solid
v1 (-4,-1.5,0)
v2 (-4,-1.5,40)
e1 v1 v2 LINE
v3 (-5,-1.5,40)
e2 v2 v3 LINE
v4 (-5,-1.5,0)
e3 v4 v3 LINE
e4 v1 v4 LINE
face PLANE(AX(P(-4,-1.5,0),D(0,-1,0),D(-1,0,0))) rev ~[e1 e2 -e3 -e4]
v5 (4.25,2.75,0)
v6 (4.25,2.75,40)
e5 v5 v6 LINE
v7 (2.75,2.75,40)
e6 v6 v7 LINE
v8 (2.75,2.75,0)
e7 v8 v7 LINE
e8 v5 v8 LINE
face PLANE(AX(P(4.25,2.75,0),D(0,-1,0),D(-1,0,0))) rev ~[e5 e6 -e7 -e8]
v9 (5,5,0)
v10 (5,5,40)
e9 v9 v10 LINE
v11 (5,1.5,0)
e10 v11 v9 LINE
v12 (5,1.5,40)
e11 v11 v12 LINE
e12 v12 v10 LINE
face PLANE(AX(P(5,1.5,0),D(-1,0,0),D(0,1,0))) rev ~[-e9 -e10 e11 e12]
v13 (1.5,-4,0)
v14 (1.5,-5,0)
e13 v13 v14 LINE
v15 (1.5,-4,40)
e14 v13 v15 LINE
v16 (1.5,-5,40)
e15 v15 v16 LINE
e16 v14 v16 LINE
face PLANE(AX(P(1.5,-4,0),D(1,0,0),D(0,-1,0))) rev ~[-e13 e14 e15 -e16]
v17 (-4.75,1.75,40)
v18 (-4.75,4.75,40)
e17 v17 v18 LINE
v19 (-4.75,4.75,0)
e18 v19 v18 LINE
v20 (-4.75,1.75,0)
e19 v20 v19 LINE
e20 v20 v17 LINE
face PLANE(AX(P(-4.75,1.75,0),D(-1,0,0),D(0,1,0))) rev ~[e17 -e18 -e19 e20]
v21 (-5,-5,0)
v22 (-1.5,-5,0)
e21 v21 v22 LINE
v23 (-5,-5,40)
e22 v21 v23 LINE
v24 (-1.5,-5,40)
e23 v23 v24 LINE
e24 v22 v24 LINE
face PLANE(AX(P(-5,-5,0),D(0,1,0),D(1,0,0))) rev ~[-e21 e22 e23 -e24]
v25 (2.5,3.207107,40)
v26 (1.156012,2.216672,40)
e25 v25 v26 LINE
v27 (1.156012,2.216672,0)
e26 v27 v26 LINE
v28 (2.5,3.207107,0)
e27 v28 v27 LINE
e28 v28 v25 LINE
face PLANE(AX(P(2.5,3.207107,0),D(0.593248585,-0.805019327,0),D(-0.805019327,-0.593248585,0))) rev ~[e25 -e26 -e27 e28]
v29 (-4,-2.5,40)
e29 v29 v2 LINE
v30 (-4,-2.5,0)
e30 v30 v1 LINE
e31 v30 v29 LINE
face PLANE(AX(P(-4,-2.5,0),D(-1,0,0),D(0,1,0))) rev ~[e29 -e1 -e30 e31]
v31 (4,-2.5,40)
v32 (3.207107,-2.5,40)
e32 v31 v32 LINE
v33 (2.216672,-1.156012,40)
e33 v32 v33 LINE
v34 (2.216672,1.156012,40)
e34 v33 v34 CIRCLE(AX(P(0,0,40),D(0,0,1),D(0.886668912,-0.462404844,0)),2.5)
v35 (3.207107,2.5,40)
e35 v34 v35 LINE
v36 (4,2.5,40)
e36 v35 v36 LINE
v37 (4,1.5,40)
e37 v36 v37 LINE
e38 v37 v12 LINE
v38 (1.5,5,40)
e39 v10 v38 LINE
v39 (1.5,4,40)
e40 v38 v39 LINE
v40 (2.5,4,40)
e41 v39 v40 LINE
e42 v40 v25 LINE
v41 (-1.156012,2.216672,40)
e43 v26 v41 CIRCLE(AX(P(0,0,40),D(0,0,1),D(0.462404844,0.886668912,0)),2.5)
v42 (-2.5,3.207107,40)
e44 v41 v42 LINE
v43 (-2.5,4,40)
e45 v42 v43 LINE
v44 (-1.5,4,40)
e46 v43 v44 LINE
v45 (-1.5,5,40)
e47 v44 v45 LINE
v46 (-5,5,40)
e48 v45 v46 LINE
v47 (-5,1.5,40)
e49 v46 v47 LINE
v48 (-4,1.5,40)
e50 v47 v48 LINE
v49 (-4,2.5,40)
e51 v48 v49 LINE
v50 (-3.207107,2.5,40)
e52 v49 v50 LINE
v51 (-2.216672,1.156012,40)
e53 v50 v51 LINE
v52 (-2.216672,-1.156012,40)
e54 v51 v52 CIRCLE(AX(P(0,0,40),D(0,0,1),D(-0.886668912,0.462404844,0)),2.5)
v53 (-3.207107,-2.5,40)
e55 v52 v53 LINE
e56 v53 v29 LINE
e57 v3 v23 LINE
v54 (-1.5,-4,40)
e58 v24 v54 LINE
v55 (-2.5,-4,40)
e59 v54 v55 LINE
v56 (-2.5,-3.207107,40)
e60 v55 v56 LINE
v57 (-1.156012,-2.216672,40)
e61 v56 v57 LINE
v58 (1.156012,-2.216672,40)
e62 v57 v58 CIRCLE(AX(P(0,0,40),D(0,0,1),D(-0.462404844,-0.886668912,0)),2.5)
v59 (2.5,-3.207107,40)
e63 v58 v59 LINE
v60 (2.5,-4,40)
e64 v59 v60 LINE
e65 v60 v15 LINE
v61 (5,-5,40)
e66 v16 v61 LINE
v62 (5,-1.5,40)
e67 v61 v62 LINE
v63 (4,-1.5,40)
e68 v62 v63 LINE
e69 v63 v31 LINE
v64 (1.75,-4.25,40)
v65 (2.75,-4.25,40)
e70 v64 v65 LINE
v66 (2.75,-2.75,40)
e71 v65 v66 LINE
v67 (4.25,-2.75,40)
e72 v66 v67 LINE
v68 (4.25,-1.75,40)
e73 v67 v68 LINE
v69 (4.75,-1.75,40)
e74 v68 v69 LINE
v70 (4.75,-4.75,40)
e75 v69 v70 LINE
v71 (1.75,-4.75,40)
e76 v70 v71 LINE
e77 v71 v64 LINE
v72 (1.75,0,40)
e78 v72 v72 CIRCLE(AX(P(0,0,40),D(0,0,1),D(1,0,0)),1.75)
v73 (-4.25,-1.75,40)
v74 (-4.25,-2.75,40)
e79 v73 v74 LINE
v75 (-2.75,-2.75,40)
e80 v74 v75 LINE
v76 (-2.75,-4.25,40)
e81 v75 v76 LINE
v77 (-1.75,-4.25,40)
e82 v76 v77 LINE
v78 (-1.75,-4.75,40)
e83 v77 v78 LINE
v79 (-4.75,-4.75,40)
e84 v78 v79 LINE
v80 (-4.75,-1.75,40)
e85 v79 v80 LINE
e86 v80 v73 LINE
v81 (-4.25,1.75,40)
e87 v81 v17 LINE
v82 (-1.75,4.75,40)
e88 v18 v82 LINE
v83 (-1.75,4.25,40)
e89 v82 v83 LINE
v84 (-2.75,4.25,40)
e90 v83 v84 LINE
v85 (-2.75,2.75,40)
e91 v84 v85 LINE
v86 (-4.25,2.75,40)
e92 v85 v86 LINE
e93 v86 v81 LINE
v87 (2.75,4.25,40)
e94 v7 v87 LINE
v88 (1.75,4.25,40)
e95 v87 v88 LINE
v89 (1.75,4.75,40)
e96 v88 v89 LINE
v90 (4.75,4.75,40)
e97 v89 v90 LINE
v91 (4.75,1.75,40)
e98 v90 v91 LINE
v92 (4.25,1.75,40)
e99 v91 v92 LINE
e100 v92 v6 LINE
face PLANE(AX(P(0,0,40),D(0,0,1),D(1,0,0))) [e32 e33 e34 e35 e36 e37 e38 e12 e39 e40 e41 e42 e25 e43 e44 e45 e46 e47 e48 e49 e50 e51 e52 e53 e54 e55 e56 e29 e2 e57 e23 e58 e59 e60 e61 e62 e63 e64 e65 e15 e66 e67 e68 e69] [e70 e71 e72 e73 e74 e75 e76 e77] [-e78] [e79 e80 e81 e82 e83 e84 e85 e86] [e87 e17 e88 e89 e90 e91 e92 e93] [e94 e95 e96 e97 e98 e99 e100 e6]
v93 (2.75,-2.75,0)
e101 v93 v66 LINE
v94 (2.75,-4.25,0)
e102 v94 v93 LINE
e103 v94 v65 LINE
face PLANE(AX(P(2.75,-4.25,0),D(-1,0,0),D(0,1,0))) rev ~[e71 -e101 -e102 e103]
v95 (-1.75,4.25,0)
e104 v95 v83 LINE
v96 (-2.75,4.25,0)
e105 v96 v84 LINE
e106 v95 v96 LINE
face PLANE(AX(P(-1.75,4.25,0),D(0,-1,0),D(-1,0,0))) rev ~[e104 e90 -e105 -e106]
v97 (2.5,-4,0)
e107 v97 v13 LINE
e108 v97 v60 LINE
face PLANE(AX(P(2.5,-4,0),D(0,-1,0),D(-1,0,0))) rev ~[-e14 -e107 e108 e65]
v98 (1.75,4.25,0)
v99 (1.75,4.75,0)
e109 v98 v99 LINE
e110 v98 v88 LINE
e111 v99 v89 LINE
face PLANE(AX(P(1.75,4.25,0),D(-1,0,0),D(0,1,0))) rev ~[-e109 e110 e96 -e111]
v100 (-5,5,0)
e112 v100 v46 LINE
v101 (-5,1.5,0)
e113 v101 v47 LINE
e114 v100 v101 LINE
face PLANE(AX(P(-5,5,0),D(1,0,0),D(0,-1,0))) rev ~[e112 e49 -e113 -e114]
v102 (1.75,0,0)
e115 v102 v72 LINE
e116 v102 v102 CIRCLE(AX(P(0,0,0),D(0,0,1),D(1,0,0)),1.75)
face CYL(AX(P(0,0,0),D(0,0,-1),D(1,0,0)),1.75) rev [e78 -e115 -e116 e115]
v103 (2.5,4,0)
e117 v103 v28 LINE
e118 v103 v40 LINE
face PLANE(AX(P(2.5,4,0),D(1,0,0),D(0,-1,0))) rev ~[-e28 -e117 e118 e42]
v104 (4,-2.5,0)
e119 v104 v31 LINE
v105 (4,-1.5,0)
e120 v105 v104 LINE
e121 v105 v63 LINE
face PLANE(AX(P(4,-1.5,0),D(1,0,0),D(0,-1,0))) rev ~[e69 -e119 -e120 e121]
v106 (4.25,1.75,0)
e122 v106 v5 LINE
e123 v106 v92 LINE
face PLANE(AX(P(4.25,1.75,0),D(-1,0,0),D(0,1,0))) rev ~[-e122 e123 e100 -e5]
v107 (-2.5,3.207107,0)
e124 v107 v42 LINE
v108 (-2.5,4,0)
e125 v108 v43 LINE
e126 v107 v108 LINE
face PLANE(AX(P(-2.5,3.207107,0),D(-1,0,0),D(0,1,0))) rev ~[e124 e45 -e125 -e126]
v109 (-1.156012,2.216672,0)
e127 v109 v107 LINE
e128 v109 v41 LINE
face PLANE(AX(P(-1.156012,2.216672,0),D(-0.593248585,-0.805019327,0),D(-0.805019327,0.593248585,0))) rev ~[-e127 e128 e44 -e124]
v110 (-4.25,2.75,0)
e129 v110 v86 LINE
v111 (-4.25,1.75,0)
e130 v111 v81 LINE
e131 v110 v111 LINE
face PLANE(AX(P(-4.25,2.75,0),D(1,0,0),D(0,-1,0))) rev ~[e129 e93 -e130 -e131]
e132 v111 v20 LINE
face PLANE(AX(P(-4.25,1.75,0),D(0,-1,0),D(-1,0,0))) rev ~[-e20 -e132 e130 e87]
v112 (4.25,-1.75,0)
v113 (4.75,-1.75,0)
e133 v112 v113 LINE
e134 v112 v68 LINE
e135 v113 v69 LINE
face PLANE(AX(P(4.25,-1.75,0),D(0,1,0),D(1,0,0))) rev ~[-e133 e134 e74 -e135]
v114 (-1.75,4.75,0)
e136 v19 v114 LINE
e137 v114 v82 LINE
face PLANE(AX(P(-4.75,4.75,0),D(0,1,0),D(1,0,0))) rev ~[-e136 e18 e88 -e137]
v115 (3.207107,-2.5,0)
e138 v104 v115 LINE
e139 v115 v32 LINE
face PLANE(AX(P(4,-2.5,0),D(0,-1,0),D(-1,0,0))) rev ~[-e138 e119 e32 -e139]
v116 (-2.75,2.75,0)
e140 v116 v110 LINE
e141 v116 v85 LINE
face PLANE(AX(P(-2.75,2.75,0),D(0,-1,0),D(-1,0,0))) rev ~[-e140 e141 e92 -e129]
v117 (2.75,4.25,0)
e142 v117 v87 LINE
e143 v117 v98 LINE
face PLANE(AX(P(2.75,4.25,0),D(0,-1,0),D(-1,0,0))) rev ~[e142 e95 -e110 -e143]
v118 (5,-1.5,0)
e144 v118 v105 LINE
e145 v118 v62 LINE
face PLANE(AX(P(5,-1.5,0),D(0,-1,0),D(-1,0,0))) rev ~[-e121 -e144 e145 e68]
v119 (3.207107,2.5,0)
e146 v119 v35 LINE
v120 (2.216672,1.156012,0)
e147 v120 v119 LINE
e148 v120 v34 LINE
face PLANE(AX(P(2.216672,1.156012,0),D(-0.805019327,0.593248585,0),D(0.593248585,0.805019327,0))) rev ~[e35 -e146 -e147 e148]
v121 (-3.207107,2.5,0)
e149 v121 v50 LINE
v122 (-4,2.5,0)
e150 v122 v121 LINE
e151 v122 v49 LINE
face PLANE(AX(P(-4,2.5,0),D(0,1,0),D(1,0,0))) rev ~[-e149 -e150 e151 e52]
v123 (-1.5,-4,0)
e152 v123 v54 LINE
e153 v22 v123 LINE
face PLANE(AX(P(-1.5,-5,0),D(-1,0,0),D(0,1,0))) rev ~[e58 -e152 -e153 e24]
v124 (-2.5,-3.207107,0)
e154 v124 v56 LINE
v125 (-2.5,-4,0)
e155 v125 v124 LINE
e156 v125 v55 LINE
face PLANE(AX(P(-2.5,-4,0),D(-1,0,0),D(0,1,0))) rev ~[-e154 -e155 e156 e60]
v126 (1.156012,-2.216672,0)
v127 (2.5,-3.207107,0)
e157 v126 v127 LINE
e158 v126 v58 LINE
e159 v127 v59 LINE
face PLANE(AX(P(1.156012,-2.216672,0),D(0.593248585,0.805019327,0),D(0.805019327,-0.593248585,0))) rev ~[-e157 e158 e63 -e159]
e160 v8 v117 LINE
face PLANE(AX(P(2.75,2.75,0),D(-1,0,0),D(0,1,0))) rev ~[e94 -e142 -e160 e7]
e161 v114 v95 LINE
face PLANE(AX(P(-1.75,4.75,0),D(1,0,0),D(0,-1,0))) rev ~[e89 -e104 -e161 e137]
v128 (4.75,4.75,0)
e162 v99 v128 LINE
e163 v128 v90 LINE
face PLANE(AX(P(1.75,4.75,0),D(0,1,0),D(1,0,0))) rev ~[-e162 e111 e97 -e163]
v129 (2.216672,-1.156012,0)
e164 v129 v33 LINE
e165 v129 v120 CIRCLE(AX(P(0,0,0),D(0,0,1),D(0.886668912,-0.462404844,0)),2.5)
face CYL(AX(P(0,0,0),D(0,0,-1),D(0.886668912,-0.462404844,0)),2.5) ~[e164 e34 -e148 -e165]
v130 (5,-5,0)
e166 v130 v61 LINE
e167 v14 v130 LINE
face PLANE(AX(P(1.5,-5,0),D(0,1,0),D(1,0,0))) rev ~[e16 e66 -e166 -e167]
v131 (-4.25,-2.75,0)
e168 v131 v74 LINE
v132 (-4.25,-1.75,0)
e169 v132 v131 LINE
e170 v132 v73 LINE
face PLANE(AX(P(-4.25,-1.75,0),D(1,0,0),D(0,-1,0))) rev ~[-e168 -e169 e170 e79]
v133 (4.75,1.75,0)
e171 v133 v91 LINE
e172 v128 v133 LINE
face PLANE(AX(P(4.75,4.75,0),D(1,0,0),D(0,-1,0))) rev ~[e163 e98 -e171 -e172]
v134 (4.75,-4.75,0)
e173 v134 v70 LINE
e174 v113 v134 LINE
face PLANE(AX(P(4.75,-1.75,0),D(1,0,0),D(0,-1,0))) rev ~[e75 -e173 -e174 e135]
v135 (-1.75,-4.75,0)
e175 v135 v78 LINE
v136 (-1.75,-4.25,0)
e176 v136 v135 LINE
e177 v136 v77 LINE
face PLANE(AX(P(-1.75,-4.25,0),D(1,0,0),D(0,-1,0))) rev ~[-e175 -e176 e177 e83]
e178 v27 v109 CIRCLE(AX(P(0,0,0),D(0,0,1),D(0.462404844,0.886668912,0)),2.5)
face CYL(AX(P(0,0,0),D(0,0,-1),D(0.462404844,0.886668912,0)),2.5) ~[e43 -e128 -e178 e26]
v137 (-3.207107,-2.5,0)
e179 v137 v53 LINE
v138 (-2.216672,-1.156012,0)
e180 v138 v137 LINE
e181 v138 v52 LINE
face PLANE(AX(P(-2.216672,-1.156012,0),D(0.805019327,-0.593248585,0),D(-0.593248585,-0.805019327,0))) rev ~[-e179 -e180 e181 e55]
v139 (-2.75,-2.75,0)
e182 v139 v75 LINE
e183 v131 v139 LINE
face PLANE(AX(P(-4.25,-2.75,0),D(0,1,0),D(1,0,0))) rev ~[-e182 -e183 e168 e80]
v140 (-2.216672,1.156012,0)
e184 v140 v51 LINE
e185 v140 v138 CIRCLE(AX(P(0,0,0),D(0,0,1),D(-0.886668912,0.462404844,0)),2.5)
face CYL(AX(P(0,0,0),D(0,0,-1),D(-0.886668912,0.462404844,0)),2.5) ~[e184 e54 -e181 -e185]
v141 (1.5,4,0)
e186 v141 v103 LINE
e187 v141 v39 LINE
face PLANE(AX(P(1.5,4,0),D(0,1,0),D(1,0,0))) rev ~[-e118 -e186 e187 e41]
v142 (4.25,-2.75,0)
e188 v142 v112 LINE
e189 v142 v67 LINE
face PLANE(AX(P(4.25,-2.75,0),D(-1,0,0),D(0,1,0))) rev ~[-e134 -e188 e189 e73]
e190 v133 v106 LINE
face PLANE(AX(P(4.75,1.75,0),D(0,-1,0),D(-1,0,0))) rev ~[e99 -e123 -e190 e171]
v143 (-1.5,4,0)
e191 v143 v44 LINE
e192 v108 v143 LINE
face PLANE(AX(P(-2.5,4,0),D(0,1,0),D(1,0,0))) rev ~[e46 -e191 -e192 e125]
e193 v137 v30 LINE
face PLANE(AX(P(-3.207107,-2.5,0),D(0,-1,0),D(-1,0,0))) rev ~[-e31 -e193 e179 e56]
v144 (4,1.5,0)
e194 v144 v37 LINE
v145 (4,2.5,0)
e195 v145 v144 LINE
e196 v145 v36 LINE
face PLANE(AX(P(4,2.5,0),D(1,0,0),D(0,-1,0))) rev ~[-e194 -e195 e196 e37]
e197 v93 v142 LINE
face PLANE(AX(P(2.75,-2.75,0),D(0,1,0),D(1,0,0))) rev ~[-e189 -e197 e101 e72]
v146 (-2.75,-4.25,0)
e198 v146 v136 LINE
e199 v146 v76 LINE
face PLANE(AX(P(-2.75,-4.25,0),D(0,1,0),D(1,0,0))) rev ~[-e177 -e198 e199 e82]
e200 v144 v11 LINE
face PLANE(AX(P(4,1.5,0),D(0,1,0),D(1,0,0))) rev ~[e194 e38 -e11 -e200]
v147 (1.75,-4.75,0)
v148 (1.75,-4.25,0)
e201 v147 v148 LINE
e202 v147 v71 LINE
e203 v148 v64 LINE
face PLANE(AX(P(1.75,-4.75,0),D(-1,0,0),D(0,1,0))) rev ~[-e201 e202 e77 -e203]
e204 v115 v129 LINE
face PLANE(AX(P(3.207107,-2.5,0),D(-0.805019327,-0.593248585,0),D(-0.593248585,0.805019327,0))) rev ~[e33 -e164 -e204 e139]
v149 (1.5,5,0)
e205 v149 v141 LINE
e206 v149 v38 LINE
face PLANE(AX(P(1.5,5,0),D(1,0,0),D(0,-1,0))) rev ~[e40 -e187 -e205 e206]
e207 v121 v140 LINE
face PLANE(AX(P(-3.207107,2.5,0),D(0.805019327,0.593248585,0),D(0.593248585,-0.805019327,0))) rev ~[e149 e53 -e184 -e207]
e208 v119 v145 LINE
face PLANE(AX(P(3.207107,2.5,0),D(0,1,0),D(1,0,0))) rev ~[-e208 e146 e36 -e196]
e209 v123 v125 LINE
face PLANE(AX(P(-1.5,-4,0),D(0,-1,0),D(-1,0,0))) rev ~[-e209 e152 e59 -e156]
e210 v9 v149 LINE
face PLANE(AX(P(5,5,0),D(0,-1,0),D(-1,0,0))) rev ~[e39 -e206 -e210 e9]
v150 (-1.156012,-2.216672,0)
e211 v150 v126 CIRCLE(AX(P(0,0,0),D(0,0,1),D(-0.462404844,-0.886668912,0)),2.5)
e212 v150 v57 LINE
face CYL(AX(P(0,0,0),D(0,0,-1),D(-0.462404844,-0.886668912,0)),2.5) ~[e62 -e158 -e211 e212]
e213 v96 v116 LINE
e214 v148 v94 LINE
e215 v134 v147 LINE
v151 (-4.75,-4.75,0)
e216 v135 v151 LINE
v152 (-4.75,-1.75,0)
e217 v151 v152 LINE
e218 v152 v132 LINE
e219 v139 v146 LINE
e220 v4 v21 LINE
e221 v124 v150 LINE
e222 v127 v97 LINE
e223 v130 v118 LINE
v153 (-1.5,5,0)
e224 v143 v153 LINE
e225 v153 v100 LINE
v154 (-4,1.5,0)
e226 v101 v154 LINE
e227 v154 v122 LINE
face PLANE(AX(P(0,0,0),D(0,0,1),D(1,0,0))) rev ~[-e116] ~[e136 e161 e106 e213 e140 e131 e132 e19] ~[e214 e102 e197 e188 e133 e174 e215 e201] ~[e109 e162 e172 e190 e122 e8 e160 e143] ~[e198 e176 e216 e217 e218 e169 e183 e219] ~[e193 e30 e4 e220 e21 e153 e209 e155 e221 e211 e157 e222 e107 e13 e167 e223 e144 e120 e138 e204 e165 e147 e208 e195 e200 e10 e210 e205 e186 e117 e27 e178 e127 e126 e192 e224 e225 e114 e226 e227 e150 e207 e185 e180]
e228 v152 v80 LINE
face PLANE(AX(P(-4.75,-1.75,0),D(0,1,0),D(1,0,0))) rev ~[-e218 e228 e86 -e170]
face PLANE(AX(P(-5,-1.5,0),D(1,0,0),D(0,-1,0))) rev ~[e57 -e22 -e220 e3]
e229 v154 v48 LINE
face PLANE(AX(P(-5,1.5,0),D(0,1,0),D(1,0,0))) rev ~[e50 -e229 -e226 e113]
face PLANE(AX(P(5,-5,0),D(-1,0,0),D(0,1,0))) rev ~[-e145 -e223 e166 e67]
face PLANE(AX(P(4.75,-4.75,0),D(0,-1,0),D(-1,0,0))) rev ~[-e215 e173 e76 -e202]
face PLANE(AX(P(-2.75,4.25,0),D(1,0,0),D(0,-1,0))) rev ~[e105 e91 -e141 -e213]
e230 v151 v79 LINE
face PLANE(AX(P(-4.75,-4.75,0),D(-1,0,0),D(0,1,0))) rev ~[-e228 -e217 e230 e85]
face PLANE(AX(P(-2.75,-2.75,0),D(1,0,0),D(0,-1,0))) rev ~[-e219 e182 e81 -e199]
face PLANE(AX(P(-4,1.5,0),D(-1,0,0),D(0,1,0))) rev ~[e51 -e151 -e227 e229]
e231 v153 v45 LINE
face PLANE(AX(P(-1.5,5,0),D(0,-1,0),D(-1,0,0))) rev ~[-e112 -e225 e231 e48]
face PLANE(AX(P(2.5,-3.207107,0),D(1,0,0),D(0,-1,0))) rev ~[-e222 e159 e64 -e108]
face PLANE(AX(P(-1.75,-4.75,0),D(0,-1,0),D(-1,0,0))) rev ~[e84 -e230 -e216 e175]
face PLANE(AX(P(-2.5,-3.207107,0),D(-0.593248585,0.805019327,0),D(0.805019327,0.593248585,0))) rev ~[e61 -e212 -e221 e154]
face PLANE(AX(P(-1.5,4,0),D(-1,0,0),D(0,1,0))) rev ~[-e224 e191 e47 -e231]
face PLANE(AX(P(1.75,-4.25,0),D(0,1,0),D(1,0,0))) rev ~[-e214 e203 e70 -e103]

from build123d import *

# Parameters (mm, degrees)
ESQUISSE1_R        = 1.75
BOSS_EXTRU_1_DEPTH = 40


with BuildPart() as part:
    # Esquisse1 → Boss.-Extru.1 (new body)
    with BuildSketch(Plane.XY):
        with BuildLine():
            Line((-1.5, 5), (-5, 5))
            Line((-5, 5), (-5, 1.5))
            Line((-5, 1.5), (-4, 1.5))
            Line((-4, 1.5), (-4, 2.5))
            Line((-4, 2.5), (-3.207106781, 2.5))
            Line((-3.207106781, 2.5), (-2.216672281, 1.15601211))
            ThreePointArc((-2.216672281, 1.15601211), (-2.5, 0), (-2.216672281, -1.15601211))
            Line((-2.216672281, -1.15601211), (-3.207106781, -2.5))
            Line((-3.207106781, -2.5), (-4, -2.5))
            Line((-4, -2.5), (-4, -1.5))
            Line((-4, -1.5), (-5, -1.5))
            Line((-5, -1.5), (-5, -5))
            Line((-5, -5), (-1.5, -5))
            Line((-1.5, -5), (-1.5, -4))
            Line((-1.5, -4), (-2.5, -4))
            Line((-2.5, -4), (-2.5, -3.207106781))
            Line((-2.5, -3.207106781), (-1.15601211, -2.216672281))
            ThreePointArc((-1.15601211, -2.216672281), (0, -2.5), (1.15601211, -2.216672281))
            Line((1.15601211, -2.216672281), (2.5, -3.207106781))
            Line((2.5, -3.207106781), (2.5, -4))
            Line((2.5, -4), (1.5, -4))
            Line((1.5, -4), (1.5, -5))
            Line((1.5, -5), (5, -5))
            Line((5, -5), (5, -1.5))
            Line((5, -1.5), (4, -1.5))
            Line((4, -1.5), (4, -2.5))
            Line((4, -2.5), (3.207106781, -2.5))
            Line((3.207106781, -2.5), (2.216672281, -1.15601211))
            ThreePointArc((2.216672281, -1.15601211), (2.5, 0), (2.216672281, 1.15601211))
            Line((2.216672281, 1.15601211), (3.207106781, 2.5))
            Line((3.207106781, 2.5), (4, 2.5))
            Line((4, 2.5), (4, 1.5))
            Line((4, 1.5), (5, 1.5))
            Line((5, 1.5), (5, 5))
            Line((5, 5), (1.5, 5))
            Line((1.5, 5), (1.5, 4))
            Line((1.5, 4), (2.5, 4))
            Line((2.5, 4), (2.5, 3.207106781))
            Line((2.5, 3.207106781), (1.15601211, 2.216672281))
            ThreePointArc((1.15601211, 2.216672281), (0, 2.5), (-1.15601211, 2.216672281))
            Line((-1.15601211, 2.216672281), (-2.5, 3.207106781))
            Line((-2.5, 3.207106781), (-2.5, 4))
            Line((-2.5, 4), (-1.5, 4))
            Line((-1.5, 4), (-1.5, 5))
        make_face()
        Polygon((-4.75, 1.75), (-4.75, 4.75), (-1.75, 4.75), (-1.75, 4.25), (-2.75, 4.25), (-2.75, 2.75), (-4.25, 2.75), (-4.25, 1.75), align=None, mode=Mode.SUBTRACT)
        Circle(ESQUISSE1_R, mode=Mode.SUBTRACT)
        Polygon((-4.75, -4.75), (-4.75, -1.75), (-4.25, -1.75), (-4.25, -2.75), (-2.75, -2.75), (-2.75, -4.25), (-1.75, -4.25), (-1.75, -4.75), align=None, mode=Mode.SUBTRACT)
        Polygon((4.75, 4.75), (4.75, 1.75), (4.25, 1.75), (4.25, 2.75), (2.75, 2.75), (2.75, 4.25), (1.75, 4.25), (1.75, 4.75), align=None, mode=Mode.SUBTRACT)
        Polygon((4.75, -4.75), (1.75, -4.75), (1.75, -4.25), (2.75, -4.25), (2.75, -2.75), (4.25, -2.75), (4.25, -1.75), (4.75, -1.75), align=None, mode=Mode.SUBTRACT)
    extrude(amount=BOSS_EXTRU_1_DEPTH)


solid = part.part
